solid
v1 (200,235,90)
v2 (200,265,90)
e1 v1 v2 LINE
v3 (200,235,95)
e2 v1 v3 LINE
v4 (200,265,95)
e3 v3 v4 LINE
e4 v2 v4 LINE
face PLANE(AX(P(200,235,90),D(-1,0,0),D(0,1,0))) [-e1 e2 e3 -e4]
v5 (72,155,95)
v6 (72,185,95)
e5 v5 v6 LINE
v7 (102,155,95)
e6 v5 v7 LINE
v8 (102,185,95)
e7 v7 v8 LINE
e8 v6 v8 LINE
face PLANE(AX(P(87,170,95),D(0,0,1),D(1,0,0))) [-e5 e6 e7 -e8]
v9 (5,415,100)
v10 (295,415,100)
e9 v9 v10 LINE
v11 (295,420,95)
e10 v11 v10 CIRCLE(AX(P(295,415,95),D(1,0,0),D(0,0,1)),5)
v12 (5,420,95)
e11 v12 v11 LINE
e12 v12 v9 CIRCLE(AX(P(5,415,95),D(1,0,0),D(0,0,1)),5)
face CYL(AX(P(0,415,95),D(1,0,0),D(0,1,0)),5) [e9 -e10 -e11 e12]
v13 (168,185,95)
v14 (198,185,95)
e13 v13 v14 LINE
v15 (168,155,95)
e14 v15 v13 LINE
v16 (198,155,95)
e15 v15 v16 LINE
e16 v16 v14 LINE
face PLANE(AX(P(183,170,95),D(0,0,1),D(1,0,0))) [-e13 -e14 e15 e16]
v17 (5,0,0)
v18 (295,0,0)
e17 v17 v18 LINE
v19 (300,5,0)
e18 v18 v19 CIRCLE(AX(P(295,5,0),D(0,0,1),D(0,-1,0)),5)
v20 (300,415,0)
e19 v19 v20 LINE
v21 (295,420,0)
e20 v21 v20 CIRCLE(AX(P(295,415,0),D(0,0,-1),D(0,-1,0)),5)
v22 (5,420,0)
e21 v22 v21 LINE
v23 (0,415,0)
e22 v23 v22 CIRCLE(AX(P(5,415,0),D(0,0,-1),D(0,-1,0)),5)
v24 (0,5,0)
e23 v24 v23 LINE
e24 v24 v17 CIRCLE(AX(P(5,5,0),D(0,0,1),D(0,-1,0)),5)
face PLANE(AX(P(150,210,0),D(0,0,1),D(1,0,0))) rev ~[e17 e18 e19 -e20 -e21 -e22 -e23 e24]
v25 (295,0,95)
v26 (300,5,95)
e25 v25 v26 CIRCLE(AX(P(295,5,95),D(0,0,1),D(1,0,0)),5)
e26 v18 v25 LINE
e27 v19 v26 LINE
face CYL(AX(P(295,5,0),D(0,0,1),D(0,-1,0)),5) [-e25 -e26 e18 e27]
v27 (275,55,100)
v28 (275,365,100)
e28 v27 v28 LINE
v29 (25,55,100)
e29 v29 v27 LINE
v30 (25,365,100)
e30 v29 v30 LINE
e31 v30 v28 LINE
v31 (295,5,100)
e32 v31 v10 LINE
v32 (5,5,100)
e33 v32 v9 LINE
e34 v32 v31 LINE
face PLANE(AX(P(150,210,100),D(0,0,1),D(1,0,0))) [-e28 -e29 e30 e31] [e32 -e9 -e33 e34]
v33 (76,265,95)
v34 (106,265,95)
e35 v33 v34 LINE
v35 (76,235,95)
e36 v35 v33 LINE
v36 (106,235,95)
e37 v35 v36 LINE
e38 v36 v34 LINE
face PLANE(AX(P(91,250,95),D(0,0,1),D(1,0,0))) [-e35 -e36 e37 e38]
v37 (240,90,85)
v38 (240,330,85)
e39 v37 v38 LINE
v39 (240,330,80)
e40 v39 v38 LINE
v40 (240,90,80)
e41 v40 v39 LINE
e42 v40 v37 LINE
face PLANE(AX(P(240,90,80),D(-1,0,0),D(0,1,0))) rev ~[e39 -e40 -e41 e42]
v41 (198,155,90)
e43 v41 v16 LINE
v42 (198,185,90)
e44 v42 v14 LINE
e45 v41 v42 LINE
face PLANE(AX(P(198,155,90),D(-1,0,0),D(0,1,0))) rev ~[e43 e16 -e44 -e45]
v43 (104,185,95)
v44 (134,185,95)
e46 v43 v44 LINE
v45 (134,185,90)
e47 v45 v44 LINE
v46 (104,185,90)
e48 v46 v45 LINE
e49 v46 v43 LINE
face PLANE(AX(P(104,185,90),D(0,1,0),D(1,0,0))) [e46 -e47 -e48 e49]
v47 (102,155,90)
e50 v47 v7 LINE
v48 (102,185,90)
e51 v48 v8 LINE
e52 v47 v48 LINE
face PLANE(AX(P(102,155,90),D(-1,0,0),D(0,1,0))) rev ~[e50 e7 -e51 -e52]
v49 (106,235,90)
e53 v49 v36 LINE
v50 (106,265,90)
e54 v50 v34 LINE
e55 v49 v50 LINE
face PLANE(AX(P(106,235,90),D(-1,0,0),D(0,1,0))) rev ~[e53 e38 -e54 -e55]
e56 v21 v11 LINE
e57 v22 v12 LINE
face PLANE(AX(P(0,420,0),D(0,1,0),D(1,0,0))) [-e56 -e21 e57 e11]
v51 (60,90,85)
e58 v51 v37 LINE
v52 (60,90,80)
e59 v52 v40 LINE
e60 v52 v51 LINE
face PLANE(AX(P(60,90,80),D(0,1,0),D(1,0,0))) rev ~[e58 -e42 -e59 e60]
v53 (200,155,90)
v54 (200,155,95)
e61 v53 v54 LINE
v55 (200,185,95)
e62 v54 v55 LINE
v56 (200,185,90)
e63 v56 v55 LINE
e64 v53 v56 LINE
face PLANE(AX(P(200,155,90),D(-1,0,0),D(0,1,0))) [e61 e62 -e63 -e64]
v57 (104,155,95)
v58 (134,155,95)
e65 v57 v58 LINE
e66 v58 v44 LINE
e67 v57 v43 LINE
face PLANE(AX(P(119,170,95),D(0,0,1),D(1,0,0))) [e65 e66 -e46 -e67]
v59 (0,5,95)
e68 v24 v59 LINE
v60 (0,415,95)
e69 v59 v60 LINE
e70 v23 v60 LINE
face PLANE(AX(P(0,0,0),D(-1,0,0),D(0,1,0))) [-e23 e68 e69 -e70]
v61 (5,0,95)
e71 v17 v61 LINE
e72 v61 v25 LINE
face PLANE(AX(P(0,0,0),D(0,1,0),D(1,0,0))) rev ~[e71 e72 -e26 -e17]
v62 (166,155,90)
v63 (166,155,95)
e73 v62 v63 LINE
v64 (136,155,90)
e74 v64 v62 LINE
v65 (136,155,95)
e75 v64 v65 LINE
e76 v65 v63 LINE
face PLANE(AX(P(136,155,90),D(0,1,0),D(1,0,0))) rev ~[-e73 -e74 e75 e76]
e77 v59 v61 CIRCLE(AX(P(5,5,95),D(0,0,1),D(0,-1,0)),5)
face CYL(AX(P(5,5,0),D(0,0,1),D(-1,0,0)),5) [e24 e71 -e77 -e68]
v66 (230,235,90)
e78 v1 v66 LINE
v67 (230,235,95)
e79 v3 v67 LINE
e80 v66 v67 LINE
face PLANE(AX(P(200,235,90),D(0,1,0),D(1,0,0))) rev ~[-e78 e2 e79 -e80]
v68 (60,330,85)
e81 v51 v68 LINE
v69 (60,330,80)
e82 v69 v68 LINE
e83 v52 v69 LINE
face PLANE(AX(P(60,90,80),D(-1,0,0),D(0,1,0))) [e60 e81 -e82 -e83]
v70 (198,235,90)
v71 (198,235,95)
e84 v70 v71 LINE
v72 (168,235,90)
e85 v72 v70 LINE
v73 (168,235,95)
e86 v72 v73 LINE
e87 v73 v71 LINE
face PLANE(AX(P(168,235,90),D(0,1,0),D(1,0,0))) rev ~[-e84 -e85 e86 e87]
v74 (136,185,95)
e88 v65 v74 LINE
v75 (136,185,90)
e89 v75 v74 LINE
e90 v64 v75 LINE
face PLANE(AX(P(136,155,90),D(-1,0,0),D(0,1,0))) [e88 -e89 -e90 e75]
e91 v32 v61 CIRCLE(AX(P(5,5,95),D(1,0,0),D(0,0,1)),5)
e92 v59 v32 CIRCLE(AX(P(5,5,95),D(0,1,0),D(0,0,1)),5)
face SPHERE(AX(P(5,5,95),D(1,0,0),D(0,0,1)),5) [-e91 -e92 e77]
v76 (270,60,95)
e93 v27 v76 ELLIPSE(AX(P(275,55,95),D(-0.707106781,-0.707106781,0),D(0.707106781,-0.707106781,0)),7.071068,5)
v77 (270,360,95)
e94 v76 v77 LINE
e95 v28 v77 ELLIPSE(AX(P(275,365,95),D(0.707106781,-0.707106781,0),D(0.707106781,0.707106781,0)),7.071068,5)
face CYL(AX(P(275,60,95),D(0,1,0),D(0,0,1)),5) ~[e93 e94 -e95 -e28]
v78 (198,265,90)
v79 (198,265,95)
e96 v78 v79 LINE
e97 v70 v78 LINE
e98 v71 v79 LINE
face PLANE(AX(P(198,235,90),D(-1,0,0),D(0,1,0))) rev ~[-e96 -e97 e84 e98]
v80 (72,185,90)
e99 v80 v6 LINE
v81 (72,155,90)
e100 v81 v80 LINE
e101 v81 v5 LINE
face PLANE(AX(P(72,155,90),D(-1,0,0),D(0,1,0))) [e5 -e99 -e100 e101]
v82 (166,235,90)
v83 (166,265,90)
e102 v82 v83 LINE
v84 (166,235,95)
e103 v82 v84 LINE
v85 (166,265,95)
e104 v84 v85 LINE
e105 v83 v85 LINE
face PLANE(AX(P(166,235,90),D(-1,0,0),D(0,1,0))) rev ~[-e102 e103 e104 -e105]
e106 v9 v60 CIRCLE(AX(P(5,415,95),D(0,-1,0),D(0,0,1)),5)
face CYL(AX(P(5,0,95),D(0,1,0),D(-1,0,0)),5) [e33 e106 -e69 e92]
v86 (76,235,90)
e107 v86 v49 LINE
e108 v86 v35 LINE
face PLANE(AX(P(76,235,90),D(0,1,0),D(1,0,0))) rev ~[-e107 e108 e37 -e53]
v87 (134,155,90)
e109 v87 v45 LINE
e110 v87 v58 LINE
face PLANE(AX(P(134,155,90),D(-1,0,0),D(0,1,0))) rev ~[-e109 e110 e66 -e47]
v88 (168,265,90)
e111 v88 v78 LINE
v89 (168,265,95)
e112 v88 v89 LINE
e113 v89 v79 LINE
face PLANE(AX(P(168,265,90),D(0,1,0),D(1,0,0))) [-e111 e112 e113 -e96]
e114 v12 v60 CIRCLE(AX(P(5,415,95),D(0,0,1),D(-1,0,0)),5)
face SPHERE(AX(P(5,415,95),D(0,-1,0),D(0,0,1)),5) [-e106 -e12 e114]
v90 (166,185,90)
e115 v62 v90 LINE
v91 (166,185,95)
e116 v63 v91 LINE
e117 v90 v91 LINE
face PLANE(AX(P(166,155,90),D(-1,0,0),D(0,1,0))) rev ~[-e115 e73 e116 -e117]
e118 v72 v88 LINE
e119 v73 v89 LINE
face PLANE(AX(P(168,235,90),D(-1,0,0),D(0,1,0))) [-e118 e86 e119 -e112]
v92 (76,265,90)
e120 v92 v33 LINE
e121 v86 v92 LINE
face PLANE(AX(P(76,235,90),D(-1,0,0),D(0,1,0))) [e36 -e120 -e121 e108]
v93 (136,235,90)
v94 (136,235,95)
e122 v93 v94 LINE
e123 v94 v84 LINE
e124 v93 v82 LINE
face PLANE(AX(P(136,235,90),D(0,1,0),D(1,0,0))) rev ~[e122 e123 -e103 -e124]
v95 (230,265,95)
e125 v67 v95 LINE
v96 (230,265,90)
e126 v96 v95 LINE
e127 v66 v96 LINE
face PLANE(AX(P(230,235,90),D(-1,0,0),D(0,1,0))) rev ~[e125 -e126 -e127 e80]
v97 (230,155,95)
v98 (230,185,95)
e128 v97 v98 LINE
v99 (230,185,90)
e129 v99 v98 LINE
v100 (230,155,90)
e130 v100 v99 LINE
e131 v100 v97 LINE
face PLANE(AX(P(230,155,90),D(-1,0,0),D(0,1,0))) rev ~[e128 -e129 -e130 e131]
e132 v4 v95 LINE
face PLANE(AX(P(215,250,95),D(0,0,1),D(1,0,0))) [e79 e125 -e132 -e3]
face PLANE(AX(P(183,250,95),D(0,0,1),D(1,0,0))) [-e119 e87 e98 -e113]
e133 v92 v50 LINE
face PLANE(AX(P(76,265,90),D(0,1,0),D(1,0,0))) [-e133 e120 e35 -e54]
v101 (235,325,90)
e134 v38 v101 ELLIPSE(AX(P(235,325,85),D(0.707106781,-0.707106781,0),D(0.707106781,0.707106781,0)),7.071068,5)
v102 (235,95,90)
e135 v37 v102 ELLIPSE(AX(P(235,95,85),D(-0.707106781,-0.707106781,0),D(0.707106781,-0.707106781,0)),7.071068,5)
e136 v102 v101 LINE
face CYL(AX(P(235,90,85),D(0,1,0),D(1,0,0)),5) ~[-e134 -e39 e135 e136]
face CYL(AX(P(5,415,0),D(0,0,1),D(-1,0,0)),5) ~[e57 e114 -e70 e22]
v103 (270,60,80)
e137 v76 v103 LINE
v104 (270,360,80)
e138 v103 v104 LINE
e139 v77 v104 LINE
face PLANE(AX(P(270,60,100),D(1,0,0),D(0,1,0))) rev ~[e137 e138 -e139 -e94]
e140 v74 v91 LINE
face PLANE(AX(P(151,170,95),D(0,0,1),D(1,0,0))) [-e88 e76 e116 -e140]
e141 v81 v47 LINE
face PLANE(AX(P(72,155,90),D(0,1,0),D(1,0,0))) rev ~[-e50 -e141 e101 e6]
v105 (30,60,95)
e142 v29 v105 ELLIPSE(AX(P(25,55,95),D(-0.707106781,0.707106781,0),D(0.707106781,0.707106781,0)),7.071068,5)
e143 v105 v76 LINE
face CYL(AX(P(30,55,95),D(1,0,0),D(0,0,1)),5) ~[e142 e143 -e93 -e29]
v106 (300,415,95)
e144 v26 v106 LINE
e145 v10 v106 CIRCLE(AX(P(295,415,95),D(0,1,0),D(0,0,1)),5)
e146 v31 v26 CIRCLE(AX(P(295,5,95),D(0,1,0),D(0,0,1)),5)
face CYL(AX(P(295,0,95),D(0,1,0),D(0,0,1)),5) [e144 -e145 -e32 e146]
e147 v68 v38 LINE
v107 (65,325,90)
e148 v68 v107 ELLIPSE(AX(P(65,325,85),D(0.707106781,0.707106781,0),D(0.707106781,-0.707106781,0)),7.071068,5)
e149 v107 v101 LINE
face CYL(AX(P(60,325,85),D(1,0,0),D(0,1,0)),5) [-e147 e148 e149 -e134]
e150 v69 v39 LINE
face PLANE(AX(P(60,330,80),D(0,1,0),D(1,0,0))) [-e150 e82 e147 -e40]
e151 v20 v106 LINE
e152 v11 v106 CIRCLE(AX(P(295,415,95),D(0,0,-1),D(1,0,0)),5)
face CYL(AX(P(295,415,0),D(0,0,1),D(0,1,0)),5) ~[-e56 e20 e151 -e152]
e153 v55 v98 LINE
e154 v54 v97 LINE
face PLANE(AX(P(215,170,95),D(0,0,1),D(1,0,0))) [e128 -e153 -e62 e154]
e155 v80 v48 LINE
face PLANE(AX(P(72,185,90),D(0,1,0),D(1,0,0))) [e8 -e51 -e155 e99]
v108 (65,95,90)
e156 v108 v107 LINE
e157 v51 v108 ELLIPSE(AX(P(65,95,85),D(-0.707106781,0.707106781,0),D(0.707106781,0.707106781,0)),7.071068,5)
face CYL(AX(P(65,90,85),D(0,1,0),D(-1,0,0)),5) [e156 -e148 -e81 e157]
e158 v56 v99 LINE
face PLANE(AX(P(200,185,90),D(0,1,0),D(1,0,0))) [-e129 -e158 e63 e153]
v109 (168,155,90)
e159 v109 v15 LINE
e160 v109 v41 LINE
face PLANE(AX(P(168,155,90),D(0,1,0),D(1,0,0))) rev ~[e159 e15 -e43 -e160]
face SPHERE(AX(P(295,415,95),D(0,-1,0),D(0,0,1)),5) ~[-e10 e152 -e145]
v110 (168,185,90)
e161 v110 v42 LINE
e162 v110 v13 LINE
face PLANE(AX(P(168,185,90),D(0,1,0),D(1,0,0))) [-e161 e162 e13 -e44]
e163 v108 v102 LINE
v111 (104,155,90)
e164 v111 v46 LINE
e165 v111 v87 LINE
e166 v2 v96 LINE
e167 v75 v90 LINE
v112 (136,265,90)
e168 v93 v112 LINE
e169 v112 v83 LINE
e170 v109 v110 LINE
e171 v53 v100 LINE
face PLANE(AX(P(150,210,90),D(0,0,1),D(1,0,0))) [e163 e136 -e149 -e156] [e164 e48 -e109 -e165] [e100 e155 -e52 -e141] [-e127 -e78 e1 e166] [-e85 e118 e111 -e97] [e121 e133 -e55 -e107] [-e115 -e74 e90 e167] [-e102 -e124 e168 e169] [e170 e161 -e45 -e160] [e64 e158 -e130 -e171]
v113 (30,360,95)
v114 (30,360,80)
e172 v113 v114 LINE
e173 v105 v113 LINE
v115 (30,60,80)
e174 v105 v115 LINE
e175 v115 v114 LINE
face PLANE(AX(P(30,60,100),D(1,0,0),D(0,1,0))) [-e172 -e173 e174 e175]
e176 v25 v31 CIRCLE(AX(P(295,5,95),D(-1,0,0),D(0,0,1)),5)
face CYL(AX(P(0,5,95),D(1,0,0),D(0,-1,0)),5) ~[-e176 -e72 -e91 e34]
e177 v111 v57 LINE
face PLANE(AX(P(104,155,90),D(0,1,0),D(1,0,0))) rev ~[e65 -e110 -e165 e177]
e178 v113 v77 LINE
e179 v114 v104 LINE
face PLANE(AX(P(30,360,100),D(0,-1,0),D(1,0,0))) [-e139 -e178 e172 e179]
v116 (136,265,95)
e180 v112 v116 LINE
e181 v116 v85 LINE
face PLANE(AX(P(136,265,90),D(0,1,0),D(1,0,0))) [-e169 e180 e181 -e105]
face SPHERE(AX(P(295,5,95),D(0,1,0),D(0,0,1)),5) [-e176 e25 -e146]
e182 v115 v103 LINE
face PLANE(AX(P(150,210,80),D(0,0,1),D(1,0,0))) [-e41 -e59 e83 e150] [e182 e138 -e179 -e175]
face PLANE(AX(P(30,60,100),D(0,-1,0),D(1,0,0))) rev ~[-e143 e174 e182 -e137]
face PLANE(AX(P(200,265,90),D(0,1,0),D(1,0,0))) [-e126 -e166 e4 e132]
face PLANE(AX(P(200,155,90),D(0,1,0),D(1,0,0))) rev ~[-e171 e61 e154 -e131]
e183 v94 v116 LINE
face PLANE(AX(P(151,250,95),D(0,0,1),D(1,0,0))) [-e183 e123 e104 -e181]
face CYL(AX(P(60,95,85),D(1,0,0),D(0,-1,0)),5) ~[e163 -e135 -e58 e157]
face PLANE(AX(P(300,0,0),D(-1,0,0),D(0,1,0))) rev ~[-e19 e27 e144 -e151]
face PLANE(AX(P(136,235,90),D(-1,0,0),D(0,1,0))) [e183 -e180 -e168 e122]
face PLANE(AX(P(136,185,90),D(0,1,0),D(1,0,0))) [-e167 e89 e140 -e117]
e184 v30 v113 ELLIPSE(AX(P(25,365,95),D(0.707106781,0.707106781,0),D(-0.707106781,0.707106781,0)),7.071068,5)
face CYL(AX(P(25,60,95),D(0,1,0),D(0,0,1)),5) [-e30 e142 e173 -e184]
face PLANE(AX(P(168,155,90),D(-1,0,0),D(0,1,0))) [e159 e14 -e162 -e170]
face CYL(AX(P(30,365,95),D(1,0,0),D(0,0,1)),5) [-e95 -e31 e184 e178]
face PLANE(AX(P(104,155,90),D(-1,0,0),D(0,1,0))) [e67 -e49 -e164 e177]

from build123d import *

# Parameters (mm, degrees)
SKETCH1_W           = 300
SKETCH1_H           = 420
BOSS_EXTRUDE1_DEPTH = 100
SKETCH2_W           = 240
SKETCH2_H           = 300
CUT_EXTRUDE1_DEPTH  = 20
SKETCH3_W           = 180
SKETCH3_H           = 240
BOSS_EXTRUDE2_DEPTH = 10
SKETCH4_W           = 30
SKETCH4_H           = 30
BOSS_EXTRUDE3_DEPTH = 5
FILLET1_R           = 5
FILLET2_R           = 5


with BuildPart() as part:
    # Sketch1 → Boss-Extrude1 (new body)
    with BuildSketch(Plane.XY):
        with Locations((150, 210)):
            Rectangle(SKETCH1_W, SKETCH1_H)
    extrude(amount=BOSS_EXTRUDE1_DEPTH)

    # Sketch2 → Cut-Extrude1 (cut)
    with BuildSketch(Plane.XY.offset(100)):
        with Locations((150, 210)):
            Rectangle(SKETCH2_W, SKETCH2_H)
    extrude(amount=-CUT_EXTRUDE1_DEPTH, mode=Mode.SUBTRACT)

    # Sketch3 → Boss-Extrude2 (add)
    with BuildSketch(Plane.XY.offset(80)):
        with Locations((150, 210)):
            Rectangle(SKETCH3_W, SKETCH3_H)
    extrude(amount=BOSS_EXTRUDE2_DEPTH)

    # Sketch4 → Boss-Extrude3 (add)
    with BuildSketch(Plane.XY.offset(90)):
        with Locations((91, 250)):
            Rectangle(SKETCH4_W, SKETCH4_H)
        with Locations((151, 250)):
            Rectangle(SKETCH4_W, SKETCH4_H)
        with Locations((183, 250)):
            Rectangle(SKETCH4_W, SKETCH4_H)
        with Locations((215, 250)):
            Rectangle(SKETCH4_W, SKETCH4_H)
        with Locations((87, 170)):
            Rectangle(SKETCH4_W, SKETCH4_H)
        with Locations((119, 170)):
            Rectangle(SKETCH4_W, SKETCH4_H)
        with Locations((151, 170)):
            Rectangle(SKETCH4_W, SKETCH4_H)
        with Locations((183, 170)):
            Rectangle(SKETCH4_W, SKETCH4_H)
        with Locations((215, 170)):
            Rectangle(SKETCH4_W, SKETCH4_H)
    extrude(amount=BOSS_EXTRUDE3_DEPTH)

    # Fillet1
    fillet1_edges = [part.edges().sort_by_distance(p)[0] for p in [
        (300, 210, 100),
        (150, 0, 100),
        (30, 210, 100),
        (150, 60, 100),
        (270, 210, 100),
        (150, 360, 100),
        (0, 210, 100),
        (150, 420, 100),
        (0, 0, 50),
        (300, 0, 50),
        (300, 420, 50),
        (0, 420, 50),
    ]]
    fillet(fillet1_edges, radius=FILLET1_R)

    # Fillet2
    fillet2_edges = [part.edges().sort_by_distance(p)[0] for p in [
        (150, 330, 90),
        (60, 210, 90),
        (150, 90, 90),
        (240, 210, 90),
    ]]
    fillet(fillet2_edges, radius=FILLET2_R)


solid = part.part
